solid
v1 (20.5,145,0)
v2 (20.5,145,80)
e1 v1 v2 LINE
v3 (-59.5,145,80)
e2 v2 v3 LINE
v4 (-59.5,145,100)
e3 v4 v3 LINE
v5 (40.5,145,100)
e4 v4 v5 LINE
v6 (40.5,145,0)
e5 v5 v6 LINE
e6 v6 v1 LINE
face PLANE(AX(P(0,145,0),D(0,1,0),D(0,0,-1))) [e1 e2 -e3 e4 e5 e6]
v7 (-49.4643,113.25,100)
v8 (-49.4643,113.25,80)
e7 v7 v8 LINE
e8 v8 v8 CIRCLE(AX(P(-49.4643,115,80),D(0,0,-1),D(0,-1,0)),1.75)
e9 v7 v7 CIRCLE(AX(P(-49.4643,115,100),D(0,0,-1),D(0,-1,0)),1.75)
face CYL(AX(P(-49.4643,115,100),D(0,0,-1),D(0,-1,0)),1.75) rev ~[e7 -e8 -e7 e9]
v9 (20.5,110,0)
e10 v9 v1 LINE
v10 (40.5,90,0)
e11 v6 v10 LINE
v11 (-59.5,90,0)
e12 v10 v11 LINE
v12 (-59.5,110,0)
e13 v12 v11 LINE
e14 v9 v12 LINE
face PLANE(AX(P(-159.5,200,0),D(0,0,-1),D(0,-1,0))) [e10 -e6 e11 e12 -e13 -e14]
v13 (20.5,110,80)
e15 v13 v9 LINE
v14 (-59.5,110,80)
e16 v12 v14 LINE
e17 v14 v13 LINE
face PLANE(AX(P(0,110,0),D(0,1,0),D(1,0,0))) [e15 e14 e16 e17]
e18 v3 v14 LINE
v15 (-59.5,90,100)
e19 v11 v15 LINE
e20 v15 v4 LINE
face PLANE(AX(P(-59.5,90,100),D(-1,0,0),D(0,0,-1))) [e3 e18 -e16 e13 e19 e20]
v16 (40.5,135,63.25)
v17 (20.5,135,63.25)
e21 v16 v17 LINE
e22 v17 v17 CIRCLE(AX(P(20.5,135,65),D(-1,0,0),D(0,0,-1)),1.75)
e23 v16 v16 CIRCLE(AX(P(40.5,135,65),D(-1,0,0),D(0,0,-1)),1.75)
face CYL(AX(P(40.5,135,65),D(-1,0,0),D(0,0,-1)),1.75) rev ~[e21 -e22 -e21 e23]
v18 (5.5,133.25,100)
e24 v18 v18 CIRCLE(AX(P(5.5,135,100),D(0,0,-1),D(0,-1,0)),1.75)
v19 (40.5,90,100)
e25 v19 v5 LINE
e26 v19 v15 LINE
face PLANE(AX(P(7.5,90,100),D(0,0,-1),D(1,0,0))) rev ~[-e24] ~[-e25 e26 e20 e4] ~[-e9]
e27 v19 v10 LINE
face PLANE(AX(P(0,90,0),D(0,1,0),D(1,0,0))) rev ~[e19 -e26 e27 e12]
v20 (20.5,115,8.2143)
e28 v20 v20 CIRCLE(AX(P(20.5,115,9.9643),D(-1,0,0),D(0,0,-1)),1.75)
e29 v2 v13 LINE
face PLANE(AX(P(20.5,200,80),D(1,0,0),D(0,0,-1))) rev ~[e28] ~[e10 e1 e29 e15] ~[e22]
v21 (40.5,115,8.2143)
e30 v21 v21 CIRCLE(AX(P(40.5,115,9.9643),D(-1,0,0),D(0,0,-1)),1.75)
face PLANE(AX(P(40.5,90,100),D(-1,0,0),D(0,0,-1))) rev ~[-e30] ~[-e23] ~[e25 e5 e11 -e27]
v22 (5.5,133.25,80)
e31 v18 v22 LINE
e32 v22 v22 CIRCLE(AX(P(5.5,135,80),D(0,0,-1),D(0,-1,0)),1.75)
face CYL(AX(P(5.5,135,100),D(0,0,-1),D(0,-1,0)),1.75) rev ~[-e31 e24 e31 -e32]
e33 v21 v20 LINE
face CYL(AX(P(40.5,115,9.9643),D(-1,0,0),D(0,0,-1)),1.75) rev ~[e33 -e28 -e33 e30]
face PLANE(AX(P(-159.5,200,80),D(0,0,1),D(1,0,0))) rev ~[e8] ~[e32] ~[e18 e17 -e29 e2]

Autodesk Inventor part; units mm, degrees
ref_plane "YZ Plane" through (0, 0, 0) normal (1, 0, 0) x (0, 1, 0)
ref_plane "XZ Plane" through (0, 0, 0) normal (0, 1, 0) x (-1, 0, 0)
ref_plane "XY Plane" through (0, 0, 0) normal (0, 0, 1) x (1, 0, 0)
sketch "Boceto2" plane through (0, 0, 0) normal (0, 1, 0) x (-1, 0, 0)
  line L0 (7.5, 100) -> (-7.5, 100)
  line L1 (-7.5, 100) -> (-7.5, -100)
  line L2 (-7.5, -100) -> (7.5, -100)
  line L3 (7.5, -100) -> (7.5, 100)
  line L4 (7.5, 100) -> (-7.5, -100) construction
  line L5 (-7.5, 100) -> (7.5, -100) construction
  point P0 (0, 0)
  dimension "d7" = 15
  dimension "d8" = 200
extrude "Extrusión1" add sketch "Boceto2" along normal blind 10
sketch "Boceto3" plane through (0, 10, 0) normal (0, 1, 0) x (1, 0, 0)
  line L0 (5, 60) -> (-5, 60)
  line L1 (-5, 60) -> (-5, 70)
  line L2 (-5, 70) -> (5, 70)
  line L3 (5, 70) -> (5, 60)
  line L4 (5, 60) -> (-5, 70) construction
  line L5 (7.5, 100) -> (-7.5, 100) projected
  line L6 (0, 64.5148) -> (0, 61.9205)
  circle A0 centre (3.25, 61.75) radius 1.75
  circle A1 centre (-3.25, 68.25) radius 1.75
  line L7 (-7.5, 100) -> (-7.5, -100) projected
  line L8 (-7.5, 0) -> (0, 0)
  line L9 (5, -70) -> (5, -60)
  line L10 (-5, -70) -> (5, -70)
  line L11 (5, -60) -> (-5, -60)
  line L12 (-5, -60) -> (-5, -70)
  line L13 (5, -60) -> (-5, -70) construction
  line L14 (0, -64.5148) -> (0, -61.9205)
  circle A2 centre (-3.25, -68.25) radius 1.75
  circle A3 centre (3.25, -61.75) radius 1.75
  point P0 (3.25, 68.25)
  point P1 (-5, 65)
  point P2 (-3.25, 61.75)
  point P3 (0, 100)
  point P4 (3.25, -68.25)
  point P5 (-3.25, -61.75)
  point P6 (-5, -65)
  dimension "d12" = 1.75
  dimension "d13" = 1.75
  dimension "d14" = 1.75
  dimension "d15" = 1.75
  dimension "d16" = 10
  dimension "d17" = 10
  dimension "d19" = 30
  dimension "d67" = 31.75
hole "Agujero1" at (3.25, 10, -61.75) at (-3.25, 10, -68.25) at (-3.25, 10, 68.25) at (3.25, 10, 61.75) direction (0, -1, 0) diameter 3.5 end through all
sketch "Boceto4" plane through (0, 10, 0) normal (0, 1, 0) x (1, 0, 0)
  line L0 (-7.5, 100) -> (-7.5, -100) projected
  line L1 (-7.5, -100) -> (7.5, -100)
  line L2 (7.5, -100) -> (7.5, -80)
  line L3 (7.5, -80) -> (-7.5, -80)
  line L4 (-7.5, -80) -> (-7.5, -100)
  line L5 (-7.5, 0) -> (1.0116, 0)
  line L6 (-7.5, -100) -> (-7.5, 100)
  line L7 (-7.5, 100) -> (7.5, 100)
  line L8 (7.5, 100) -> (7.5, 80)
  line L9 (7.5, 80) -> (-7.5, 80)
  line L10 (-7.5, 80) -> (-7.5, 100)
  point P0 (0, 0)
  point P1 (-7.5, -80)
  point P2 (-7.5, 80)
  dimension "d27" = 15
  dimension "d28" = 20
extrude "Extrusión2" add sketch "Boceto4" along normal blind 80
sketch "Boceto5" plane through (0, 90, 0) normal (0, 1, 0) x (1, 0, 0)
  line L0 (-7.5, -100) -> (7.5, -100) projected
  line L1 (-7.5, -100) -> (40.5, -100)
  line L2 (40.5, -100) -> (40.5, 100)
  line L3 (40.5, 100) -> (-7.5, 100)
  line L4 (-7.5, 100) -> (-7.5, -100)
  line L5 (40.5, -100) -> (-159.5, -100)
  line L6 (-159.5, -100) -> (-159.5, 100)
  line L7 (-159.5, 100) -> (40.5, 100)
  line L8 (40.5, 100) -> (40.5, -100)
  point P0 (0, 0)
  point P1 (-7.5, 100)
  dimension "d31" = 48
  dimension "d32" = 200
  dimension "d74" = 200
extrude "Extrusión3" add sketch "Boceto5" along normal blind 110
sketch "Boceto6" plane through (0, 200, 0) normal (0, 1, 0) x (1, 0, 0)
  line L0 (40.5, 100) -> (7.5, 100) projected
  line L1 (40.5, 100) -> (20.5, 100)
  line L2 (20.5, 100) -> (20.5, 80)
  line L3 (7.5, -100) -> (40.5, -100) projected
  line L4 (24, -100) -> (24, -80)
  line L5 (-159.5, 100) -> (-159.5, -100) projected
  line L6 (20.5, 80) -> (-159.5, 80)
  line L7 (-159.5, 80) -> (-159.5, -80)
  line L8 (-159.5, -80) -> (20.5, -80)
  line L9 (20.5, -80) -> (20.5, 80)
  line L10 (-159.5, -100) -> (40.5, -100) projected
  point P0 (7.5, 80)
  point P1 (-159.5, 80)
  dimension "d36" = 20
  dimension "d37" = 20
  dimension "d38" = 20
  dimension "d78" = 20
extrude "Extrusión4" cut sketch "Boceto6" against normal blind 90
sketch "Boceto7" plane through (-159.5, 90, -100) normal (-1, 0, 0) x (0, 0, 1)
  line L0 (0, 110) -> (20, 110) projected
  line L1 (20, 110) -> (10, 110)
  line L2 (10, 110) -> (10, 20)
  line L3 (10, 20) -> (20, 20)
  line L4 (20, 20) -> (20, 110)
  line L5 (180, 110) -> (180, 20) projected
  line L6 (180, 110) -> (190, 110)
  line L7 (190, 110) -> (190, 20)
  line L8 (190, 20) -> (180, 20)
  line L9 (180, 20) -> (180, 110)
  line L10 (200, 0) -> (200, 110) projected
  line L11 (0, 0) -> (0, 110) projected
  line L12 (0, 110) -> (10, 110)
  line L13 (10, 110) -> (10, 20)
  line L14 (10, 20) -> (0, 20)
  line L15 (0, 20) -> (0, 110)
  line L16 (200, 110) -> (0, 110) projected
  line L17 (200, 110) -> (190, 110)
  line L18 (190, 110) -> (190, 20)
  line L19 (190, 20) -> (200, 20)
  line L20 (200, 20) -> (200, 110)
  point P0 (100, -90)
  point P1 (200, 20)
  dimension "d42" = 10
  dimension "d63" = 10
  dimension "d65" = 10
extrude "Extrusión5" cut sketch "Boceto7" against normal blind 30 contours L0 L2 L14 L11 | L16 L10 L19 L7
sketch "Boceto8" plane through (-7.5, 0, 100) normal (0, 0, 1) x (1, 0, 0)
  line L0 (-122, 200) -> (-122, 110) projected
  line L1 (-132, 175) -> (-142, 175)
  line L2 (-142, 175) -> (-142, 185)
  line L3 (-142, 185) -> (-132, 185)
  line L4 (-132, 185) -> (-132, 175)
  line L5 (-132, 175) -> (-142, 185) construction
  line L6 (-142, 175) -> (-132, 185) construction
  line L7 (-152, 200) -> (48, 200) projected
  line L8 (-113, 155) -> (-128, 155)
  line L9 (-152, 110) -> (-122, 110) projected
  line L10 (-132, 180) -> (-131.5898, 180)
  circle A0 centre (-140.25, 183.25) radius 1.75
  circle A1 centre (-133.75, 176.75) radius 1.75
  line L11 (-132, 125) -> (-132, 135)
  line L12 (-142, 125) -> (-132, 125)
  line L13 (-132, 135) -> (-142, 125) construction
  line L14 (-132, 135) -> (-142, 135)
  line L15 (-142, 135) -> (-132, 125) construction
  line L16 (-142, 135) -> (-142, 125)
  line L17 (-132, 130) -> (-131.5898, 130)
  circle A2 centre (-133.75, 133.25) radius 1.75
  circle A3 centre (-140.25, 126.75) radius 1.75
  line L18 (-152, 110) -> (-152, 200) projected
  point P0 (7.5, 0)
  point P1 (-113, 215)
  point P2 (-133.75, 183.25)
  point P3 (-142, 180)
  point P4 (-140.25, 176.75)
  point P5 (48, 200)
  point P6 (-133.75, 126.75)
  point P7 (-140.25, 133.25)
  point P8 (-143, 115)
  point P9 (-133.75, 126.75)
  point P10 (-140.25, 133.25)
  point P11 (-142, 130)
  dimension "d46" = 1.75
  dimension "d47" = 1.75
  dimension "d48" = 1.75
  dimension "d49" = 1.75
  dimension "d50" = 10
  dimension "d51" = 10
  dimension "d52" = 15
  dimension "d66" = 10
  dimension "d70" = 15
hole "Agujero2" at (-147.75, 183.25, 100) at (-141.25, 176.75, 100) at (-147.75, 126.75, 100) at (-141.25, 133.25, 100) direction (0, 0, -1) diameter 3.5 end through all
ref_plane "Plano de trabajo1" through (-159.5, 90, 100) normal (0, -1, 0) x (1, 0, 0)
split "Dividir1" plane through (-159.5, 90, 100) removes the side toward (0, -1, 0)
ref_plane "Plano de trabajo2" through (-159.5, 200, 0) normal (0, 0, 1) x (1, 0, 0)
ref_plane "Plano de trabajo3" through (-59.5, 90, 100) normal (1, 0, 0) x (0, 0, -1)
sketch "Boceto9" plane through (-159.5, 90, 100) normal (0, 0, 1) x (1, 0, 0)
  line L0 (85.0357, 30) -> (115.0357, 30)
  circle A0 centre (110.0357, 25) radius 1.75
  line L1 (90.0357, 25) -> (110.0357, 25)
  line L2 (115.0357, 30) -> (115.0357, 20)
  circle A1 centre (90.0357, 25) radius 1.75
  line L3 (85.0357, 20) -> (115.0357, 30) construction
  line L4 (85.0357, 30) -> (115.0357, 20) construction
  line L5 (85.0357, 20) -> (85.0357, 30)
  line L6 (115.0357, 20) -> (85.0357, 20)
  line L7 (240, 0) -> (-40, 0) projected
  line L8 (200, 0) -> (200, 110) projected
  line L9 (200, 55) -> (88.2857, 55)
  line L10 (85.0357, 80) -> (115.0357, 80)
  circle A2 centre (110.0357, 85) radius 1.75
  line L11 (90.0357, 85) -> (110.0357, 85)
  line L12 (115.0357, 80) -> (115.0357, 90)
  circle A3 centre (90.0357, 85) radius 1.75
  line L13 (85.0357, 90) -> (115.0357, 80) construction
  line L14 (85.0357, 80) -> (115.0357, 90) construction
  line L15 (85.0357, 90) -> (85.0357, 80)
  line L16 (115.0357, 90) -> (85.0357, 90)
  line L17 (100.0357, 55) -> (185.099, 55) construction
  line L18 (160, 70) -> (160, 40)
  circle A4 centre (165, 45) radius 1.75
  line L19 (165, 65) -> (165, 45)
  line L20 (160, 40) -> (170, 40)
  circle A5 centre (165, 65) radius 1.75
  line L21 (170, 70) -> (160, 40) construction
  line L22 (160, 70) -> (170, 40) construction
  line L23 (170, 70) -> (160, 70)
  line L24 (170, 40) -> (170, 70)
  circle A6 centre (55, 65) radius 1.75
  line L25 (60, 70) -> (60, 40)
  line L26 (60, 70) -> (50, 40) construction
  line L27 (50, 70) -> (60, 70)
  line L28 (50, 40) -> (50, 70)
  line L29 (50, 70) -> (60, 40) construction
  circle A7 centre (55, 45) radius 1.75
  line L30 (55, 65) -> (55, 45)
  line L31 (60, 40) -> (50, 40)
  line L32 (30, 110) -> (30, 20) projected
  point P0 (159.5, -90)
  point P1 (100.0357, 34.7141)
  point P2 (85.0357, 36.6749)
  point P3 (100.0357, 34.7141)
  point P4 (115.0357, 25)
  point P5 (115.0357, 85)
  point P6 (189.1833, 40)
  point P7 (165, 70)
  point P8 (70.0357, 40)
  point P9 (55, 70)
  dimension "d83" = 10
  dimension "d84" = 30
  dimension "d85" = 5
  dimension "d86" = 5
  dimension "d87" = 5
  dimension "d88" = 5
  dimension "d89" = 20
  dimension "d91" = 30
  dimension "d92" = 5
  dimension "d93" = 5
  dimension "d94" = 3.5
  dimension "d95" = 5
  dimension "d96" = 5
  dimension "d97" = 5
  dimension "d98" = 5
  dimension "d99" = 5
  dimension "d100" = 20
ref_plane "Plano de trabajo4" through (0, 145, 0) normal (0, 1, 0) x (1, 0, 0)
hole "Agujero3" at (-104.5, 155, 100) at (-69.4643, 175, 100) at (-49.4643, 175, 100) at (-104.5, 135, 100) at (-69.4643, 115, 100) at (-49.4643, 115, 100) at (5.5, 135, 100) at (5.5, 155, 100) direction (0, 0, -1) diameter 3.5 end through all
sketch "Boceto10" plane through (40.5, 90, 100) normal (1, 0, 0) x (0, 0, -1)
  line L0 (85.0357, 30) -> (115.0357, 30)
  circle A0 centre (110.0357, 25) radius 1.75
  line L1 (90.0357, 25) -> (110.0357, 25)
  line L2 (115.0357, 30) -> (115.0357, 20)
  circle A1 centre (90.0357, 25) radius 1.75
  line L3 (85.0357, 20) -> (115.0357, 30) construction
  line L4 (85.0357, 30) -> (115.0357, 20) construction
  line L5 (85.0357, 20) -> (85.0357, 30)
  line L6 (115.0357, 20) -> (85.0357, 20)
  circle A2 centre (90.0357, 85) radius 1.75
  line L7 (85.0357, 80) -> (115.0357, 80)
  line L8 (85.0357, 80) -> (115.0357, 90) construction
  line L9 (85.0357, 90) -> (85.0357, 80)
  line L10 (115.0357, 90) -> (85.0357, 90)
  line L11 (85.0357, 90) -> (115.0357, 80) construction
  circle A3 centre (110.0357, 85) radius 1.75
  line L12 (90.0357, 85) -> (110.0357, 85)
  line L13 (115.0357, 80) -> (115.0357, 90)
  line L14 (160, 70) -> (160, 40)
  circle A4 centre (165, 45) radius 1.75
  line L15 (170, 40) -> (170, 70)
  line L16 (170, 70) -> (160, 40) construction
  line L17 (160, 40) -> (170, 40)
  line L18 (160, 70) -> (170, 40) construction
  circle A5 centre (165, 65) radius 1.75
  line L19 (165, 65) -> (165, 45)
  line L20 (170, 70) -> (160, 70)
  circle A6 centre (35, 65) radius 1.75
  line L21 (40, 70) -> (40, 40)
  line L22 (40, 40) -> (30, 40)
  circle A7 centre (35, 45) radius 1.75
  line L23 (35, 65) -> (35, 45)
  line L24 (40, 70) -> (30, 40) construction
  line L25 (30, 40) -> (30, 70)
  line L26 (30, 70) -> (40, 40) construction
  line L27 (30, 70) -> (40, 70)
  line L28 (0, 0) -> (0, 110) projected
  line L29 (200, 0) -> (200, 110) projected
  point P0 (100, -90)
  point P1 (100.0357, 34.7141)
  point P2 (100.0357, 34.7141)
  point P3 (85.0357, 36.6749)
  point P4 (115.0357, 25)
  point P5 (88.2857, 55)
  point P6 (115.0357, 85)
  point P7 (100.0357, 55)
  point P8 (189.1833, 40)
  point P9 (165, 70)
  point P10 (70.0357, 40)
  point P11 (35, 70)
  dimension "d108" = 10
  dimension "d109" = 30
  dimension "d110" = 5
  dimension "d111" = 5
  dimension "d112" = 5
  dimension "d113" = 5
  dimension "d114" = 5
  dimension "d115" = 5
  dimension "d116" = 3.5
  dimension "d117" = 5
  dimension "d118" = 5
  dimension "d119" = 5
  dimension "d120" = 5
  dimension "d121" = 5
  dimension "d122" = 30
  dimension "d123" = 30
hole "Agujero4" at (40.5, 175, 9.9643) at (40.5, 175, -10.0357) at (40.5, 155, 65) at (40.5, 135, 65) at (40.5, 115, 9.9643) at (40.5, 115, -10.0357) at (40.5, 135, -65) at (40.5, 155, -65) direction (-1, 0, 0) diameter 3.5 end through all
split "Dividir2" plane through (-59.5, 90, 100) removes the side toward (-1, 0, 0)
split "Dividir3" plane through (0, 145, 0) removes the side toward (0, 1, 0)
split "Dividir4" plane through (-159.5, 200, 0) removes the side toward (0, 0, -1)
properties part number "container_back_head_2"
